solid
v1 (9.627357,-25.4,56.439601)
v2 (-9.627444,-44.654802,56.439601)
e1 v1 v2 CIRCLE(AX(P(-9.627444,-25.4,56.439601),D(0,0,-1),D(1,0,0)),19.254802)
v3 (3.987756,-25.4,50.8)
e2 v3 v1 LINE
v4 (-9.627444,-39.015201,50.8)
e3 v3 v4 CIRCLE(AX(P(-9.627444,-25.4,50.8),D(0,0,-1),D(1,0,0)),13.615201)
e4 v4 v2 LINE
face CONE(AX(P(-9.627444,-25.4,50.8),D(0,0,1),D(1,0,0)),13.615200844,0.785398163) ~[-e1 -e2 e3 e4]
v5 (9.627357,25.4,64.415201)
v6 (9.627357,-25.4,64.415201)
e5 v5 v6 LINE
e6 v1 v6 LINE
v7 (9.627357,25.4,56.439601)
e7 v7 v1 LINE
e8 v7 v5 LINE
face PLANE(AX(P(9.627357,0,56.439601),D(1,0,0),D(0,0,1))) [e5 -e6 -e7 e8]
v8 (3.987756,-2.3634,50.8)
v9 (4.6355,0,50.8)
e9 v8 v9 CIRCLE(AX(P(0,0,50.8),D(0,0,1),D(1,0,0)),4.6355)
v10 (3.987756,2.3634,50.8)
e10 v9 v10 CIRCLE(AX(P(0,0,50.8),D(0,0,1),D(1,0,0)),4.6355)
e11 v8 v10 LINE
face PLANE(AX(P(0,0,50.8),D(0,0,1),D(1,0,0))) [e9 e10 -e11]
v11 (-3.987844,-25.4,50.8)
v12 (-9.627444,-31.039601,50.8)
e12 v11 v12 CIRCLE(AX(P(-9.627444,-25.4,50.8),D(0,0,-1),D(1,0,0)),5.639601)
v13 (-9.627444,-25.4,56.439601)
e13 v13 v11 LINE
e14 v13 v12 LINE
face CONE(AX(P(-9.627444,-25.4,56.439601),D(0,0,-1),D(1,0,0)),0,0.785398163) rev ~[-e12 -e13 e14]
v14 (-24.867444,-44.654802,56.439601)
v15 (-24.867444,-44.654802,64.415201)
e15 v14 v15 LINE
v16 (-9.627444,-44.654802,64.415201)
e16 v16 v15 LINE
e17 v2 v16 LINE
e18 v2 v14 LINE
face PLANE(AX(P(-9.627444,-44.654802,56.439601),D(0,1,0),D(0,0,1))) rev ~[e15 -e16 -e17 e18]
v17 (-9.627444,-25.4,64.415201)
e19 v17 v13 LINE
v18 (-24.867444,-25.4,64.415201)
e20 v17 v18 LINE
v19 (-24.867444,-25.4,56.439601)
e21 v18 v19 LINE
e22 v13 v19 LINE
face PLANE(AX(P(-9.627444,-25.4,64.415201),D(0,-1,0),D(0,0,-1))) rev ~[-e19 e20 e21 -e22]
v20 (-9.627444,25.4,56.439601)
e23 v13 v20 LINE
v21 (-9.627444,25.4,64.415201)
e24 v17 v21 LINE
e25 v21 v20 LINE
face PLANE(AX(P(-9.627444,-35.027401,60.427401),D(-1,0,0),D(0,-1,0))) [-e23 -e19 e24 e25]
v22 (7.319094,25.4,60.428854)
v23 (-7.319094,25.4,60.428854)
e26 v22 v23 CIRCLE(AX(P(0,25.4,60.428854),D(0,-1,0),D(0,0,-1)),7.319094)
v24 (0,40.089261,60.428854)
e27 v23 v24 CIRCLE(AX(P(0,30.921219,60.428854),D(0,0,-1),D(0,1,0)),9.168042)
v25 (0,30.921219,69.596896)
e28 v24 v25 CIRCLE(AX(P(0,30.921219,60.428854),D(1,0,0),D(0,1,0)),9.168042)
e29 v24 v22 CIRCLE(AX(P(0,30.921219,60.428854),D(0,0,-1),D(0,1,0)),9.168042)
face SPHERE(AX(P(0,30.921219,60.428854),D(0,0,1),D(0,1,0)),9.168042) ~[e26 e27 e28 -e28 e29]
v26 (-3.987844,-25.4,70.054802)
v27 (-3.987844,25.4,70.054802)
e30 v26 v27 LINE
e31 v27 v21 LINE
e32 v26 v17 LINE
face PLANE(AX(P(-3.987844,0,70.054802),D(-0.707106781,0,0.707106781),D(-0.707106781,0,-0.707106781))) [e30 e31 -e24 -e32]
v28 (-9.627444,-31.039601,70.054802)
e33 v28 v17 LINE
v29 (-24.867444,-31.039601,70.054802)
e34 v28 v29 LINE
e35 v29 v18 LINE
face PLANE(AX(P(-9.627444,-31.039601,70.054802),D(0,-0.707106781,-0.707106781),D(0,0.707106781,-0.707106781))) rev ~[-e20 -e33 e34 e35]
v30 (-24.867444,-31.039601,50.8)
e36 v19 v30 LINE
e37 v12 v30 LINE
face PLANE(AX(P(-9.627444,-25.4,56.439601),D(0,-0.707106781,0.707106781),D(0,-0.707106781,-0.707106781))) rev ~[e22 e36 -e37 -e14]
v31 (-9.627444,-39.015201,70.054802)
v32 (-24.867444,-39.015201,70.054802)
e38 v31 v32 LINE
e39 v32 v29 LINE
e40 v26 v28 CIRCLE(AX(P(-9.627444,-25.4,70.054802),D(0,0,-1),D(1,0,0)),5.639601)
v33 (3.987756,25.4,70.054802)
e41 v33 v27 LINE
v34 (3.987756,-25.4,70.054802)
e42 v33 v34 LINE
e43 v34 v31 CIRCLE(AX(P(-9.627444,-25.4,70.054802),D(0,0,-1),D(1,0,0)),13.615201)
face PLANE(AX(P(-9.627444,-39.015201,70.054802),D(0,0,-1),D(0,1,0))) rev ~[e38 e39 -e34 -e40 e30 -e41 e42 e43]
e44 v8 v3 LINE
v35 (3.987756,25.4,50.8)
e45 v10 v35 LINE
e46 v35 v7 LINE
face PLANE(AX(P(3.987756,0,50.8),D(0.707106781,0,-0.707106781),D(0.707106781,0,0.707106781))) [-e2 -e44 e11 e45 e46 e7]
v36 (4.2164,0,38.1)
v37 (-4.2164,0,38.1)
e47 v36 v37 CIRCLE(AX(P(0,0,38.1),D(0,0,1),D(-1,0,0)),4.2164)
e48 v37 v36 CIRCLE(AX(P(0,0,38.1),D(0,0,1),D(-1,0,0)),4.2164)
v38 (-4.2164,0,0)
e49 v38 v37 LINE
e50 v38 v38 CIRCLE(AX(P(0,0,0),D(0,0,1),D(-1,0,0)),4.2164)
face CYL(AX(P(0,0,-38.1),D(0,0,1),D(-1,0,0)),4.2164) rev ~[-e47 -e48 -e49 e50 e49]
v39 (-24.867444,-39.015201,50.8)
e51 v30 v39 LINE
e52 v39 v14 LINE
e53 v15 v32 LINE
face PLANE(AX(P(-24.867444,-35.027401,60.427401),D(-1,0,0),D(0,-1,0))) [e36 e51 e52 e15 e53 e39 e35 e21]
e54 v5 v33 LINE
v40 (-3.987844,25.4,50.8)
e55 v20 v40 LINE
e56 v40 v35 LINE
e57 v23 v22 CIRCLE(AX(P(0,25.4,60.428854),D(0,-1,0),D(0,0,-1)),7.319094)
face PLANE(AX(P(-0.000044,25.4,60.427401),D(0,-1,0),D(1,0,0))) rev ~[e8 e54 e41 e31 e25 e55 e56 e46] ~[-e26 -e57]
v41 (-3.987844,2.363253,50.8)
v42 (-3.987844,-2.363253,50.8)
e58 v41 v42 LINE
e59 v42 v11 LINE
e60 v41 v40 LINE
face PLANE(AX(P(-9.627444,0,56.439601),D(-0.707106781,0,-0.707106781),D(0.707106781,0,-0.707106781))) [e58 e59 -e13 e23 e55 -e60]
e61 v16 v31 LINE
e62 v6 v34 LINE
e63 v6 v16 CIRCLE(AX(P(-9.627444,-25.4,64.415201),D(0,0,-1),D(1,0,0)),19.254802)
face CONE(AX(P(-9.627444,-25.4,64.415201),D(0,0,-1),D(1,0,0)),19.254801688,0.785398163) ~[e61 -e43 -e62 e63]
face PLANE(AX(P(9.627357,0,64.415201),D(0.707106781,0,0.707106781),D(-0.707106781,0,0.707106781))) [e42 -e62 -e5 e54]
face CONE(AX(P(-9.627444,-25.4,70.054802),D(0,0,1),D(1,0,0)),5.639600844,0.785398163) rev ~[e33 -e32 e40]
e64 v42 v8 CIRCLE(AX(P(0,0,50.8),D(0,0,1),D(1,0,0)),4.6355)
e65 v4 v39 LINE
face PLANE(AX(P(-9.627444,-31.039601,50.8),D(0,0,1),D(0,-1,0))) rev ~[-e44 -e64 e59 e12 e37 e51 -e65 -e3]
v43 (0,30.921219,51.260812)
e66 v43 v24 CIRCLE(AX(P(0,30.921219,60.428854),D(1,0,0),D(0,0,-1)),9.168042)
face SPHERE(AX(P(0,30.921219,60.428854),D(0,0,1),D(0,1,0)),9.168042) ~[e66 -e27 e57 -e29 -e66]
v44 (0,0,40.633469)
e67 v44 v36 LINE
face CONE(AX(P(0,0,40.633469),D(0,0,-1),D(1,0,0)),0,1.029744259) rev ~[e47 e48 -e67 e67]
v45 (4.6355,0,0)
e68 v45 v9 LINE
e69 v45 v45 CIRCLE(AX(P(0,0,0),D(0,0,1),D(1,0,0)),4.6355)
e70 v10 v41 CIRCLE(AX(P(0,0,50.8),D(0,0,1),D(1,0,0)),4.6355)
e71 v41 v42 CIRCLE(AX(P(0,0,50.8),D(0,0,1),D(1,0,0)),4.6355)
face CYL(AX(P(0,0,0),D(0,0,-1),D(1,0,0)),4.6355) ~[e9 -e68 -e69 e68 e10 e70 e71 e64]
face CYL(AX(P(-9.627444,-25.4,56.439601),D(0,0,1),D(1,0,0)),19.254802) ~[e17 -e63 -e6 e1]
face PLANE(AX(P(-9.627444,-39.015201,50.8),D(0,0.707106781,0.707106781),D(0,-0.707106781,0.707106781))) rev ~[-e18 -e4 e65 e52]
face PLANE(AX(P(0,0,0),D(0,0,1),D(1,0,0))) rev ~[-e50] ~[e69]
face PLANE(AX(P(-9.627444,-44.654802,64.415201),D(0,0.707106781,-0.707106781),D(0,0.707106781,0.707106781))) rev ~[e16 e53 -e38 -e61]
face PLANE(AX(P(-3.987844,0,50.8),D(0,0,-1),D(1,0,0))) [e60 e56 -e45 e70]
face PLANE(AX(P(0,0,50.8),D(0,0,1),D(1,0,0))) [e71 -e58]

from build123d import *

# Parameters (mm, degrees)
F0_R          = 4.6355
F1_DEPTH      = 50.8
F2_D          = 8.4328
F2_DEPTH      = 38.1
F2_TIP        = 2.5334687141
F4_DEPTH      = 25.4
F4_DEPTH_BACK = 25.4
F5_ANGLE      = 90
F10_DEPTH     = 15.24


with BuildPart() as f1:
    # F0 (on Top) → F1 (new body)
    with BuildSketch(Plane.XY):
        Circle(F0_R)
    extrude(amount=F1_DEPTH)

    # F2
    with Locations(Plane(origin=(0, 0, 0), x_dir=(1, 0, 0), z_dir=(0, 0, -1))):
        with Locations((0, 0)):
            Hole(F2_D / 2, depth=F2_DEPTH)
            with Locations((0, 0, -(F2_DEPTH + F2_TIP / 2))):  # 118° drill point
                Cone(0, F2_D / 2, F2_TIP, mode=Mode.SUBTRACT)

    # F3 (on Front) → F4 (join, two sides)
    with BuildSketch(Plane.XZ) as f4_sk:
        Polygon((-9.627444493, 56.439600844), (-3.987843649, 50.8), (3.987756351, 50.8), (9.627357195, 56.439600844), (9.627357195, 64.415200844), (3.987756351, 70.0548016881), (-4.3649e-05, 70.0548016881), (-3.987843649, 70.0548016881), (-9.627444493, 64.415200844), align=None)
    extrude(amount=F4_DEPTH)
    extrude(f4_sk.sketch, amount=-F4_DEPTH_BACK)

    # F4_face (on face) → F5 (revolve)
    with BuildSketch(Plane(origin=(-4.3649e-05, -25.4, 60.427400844), x_dir=(1, 0, 0), z_dir=(0, -1, 0))):
        Polygon((9.627400844, 3.9878), (3.9878, 9.627400844), (-3.9878, 9.627400844), (-9.627400844, 3.9878), (-9.627400844, -3.9878), (-3.9878, -9.627400844), (3.9878, -9.627400844), (9.627400844, -3.9878), align=None)
    revolve(axis=Axis((-9.627444493, -25.4, 60.427400844), (0, 0, -1)), revolution_arc=F5_ANGLE)

    # F7 (on Right) → F8 (revolve)
    with BuildSketch(Plane.YZ):
        with BuildLine():
            ThreePointArc((30.9212189168, 51.2608121409), (37.4040035408, 53.9460694541), (40.089260854, 60.4288540781))
            ThreePointArc((40.089260854, 60.4288540781), (37.4040035408, 66.911638702), (30.9212189168, 69.5968960152))
            Line((30.9212189168, 69.5968960152), (30.9212189168, 60.4288540781))
            Line((30.9212189168, 60.4288540781), (30.9212189168, 51.2608121409))
        make_face()
    revolve(axis=Axis((0, 30.9212189168, 60.4288540781), (0, 0, -1)))

    # F9 (on face) → F10 (join)
    with BuildSketch(Plane(origin=(-9.627444493, 0, 0), x_dir=(0, -1, 0), z_dir=(-1, 0, 0))):
        Polygon((31.039600844, 50.8), (39.015200844, 50.8), (44.6548016881, 56.439600844), (44.6548016881, 64.415200844), (39.015200844, 70.0548016881), (31.039600844, 70.0548016881), (25.4, 64.415200844), (25.4, 56.439600844), align=None)
    extrude(amount=F10_DEPTH)


solid = f1.part
